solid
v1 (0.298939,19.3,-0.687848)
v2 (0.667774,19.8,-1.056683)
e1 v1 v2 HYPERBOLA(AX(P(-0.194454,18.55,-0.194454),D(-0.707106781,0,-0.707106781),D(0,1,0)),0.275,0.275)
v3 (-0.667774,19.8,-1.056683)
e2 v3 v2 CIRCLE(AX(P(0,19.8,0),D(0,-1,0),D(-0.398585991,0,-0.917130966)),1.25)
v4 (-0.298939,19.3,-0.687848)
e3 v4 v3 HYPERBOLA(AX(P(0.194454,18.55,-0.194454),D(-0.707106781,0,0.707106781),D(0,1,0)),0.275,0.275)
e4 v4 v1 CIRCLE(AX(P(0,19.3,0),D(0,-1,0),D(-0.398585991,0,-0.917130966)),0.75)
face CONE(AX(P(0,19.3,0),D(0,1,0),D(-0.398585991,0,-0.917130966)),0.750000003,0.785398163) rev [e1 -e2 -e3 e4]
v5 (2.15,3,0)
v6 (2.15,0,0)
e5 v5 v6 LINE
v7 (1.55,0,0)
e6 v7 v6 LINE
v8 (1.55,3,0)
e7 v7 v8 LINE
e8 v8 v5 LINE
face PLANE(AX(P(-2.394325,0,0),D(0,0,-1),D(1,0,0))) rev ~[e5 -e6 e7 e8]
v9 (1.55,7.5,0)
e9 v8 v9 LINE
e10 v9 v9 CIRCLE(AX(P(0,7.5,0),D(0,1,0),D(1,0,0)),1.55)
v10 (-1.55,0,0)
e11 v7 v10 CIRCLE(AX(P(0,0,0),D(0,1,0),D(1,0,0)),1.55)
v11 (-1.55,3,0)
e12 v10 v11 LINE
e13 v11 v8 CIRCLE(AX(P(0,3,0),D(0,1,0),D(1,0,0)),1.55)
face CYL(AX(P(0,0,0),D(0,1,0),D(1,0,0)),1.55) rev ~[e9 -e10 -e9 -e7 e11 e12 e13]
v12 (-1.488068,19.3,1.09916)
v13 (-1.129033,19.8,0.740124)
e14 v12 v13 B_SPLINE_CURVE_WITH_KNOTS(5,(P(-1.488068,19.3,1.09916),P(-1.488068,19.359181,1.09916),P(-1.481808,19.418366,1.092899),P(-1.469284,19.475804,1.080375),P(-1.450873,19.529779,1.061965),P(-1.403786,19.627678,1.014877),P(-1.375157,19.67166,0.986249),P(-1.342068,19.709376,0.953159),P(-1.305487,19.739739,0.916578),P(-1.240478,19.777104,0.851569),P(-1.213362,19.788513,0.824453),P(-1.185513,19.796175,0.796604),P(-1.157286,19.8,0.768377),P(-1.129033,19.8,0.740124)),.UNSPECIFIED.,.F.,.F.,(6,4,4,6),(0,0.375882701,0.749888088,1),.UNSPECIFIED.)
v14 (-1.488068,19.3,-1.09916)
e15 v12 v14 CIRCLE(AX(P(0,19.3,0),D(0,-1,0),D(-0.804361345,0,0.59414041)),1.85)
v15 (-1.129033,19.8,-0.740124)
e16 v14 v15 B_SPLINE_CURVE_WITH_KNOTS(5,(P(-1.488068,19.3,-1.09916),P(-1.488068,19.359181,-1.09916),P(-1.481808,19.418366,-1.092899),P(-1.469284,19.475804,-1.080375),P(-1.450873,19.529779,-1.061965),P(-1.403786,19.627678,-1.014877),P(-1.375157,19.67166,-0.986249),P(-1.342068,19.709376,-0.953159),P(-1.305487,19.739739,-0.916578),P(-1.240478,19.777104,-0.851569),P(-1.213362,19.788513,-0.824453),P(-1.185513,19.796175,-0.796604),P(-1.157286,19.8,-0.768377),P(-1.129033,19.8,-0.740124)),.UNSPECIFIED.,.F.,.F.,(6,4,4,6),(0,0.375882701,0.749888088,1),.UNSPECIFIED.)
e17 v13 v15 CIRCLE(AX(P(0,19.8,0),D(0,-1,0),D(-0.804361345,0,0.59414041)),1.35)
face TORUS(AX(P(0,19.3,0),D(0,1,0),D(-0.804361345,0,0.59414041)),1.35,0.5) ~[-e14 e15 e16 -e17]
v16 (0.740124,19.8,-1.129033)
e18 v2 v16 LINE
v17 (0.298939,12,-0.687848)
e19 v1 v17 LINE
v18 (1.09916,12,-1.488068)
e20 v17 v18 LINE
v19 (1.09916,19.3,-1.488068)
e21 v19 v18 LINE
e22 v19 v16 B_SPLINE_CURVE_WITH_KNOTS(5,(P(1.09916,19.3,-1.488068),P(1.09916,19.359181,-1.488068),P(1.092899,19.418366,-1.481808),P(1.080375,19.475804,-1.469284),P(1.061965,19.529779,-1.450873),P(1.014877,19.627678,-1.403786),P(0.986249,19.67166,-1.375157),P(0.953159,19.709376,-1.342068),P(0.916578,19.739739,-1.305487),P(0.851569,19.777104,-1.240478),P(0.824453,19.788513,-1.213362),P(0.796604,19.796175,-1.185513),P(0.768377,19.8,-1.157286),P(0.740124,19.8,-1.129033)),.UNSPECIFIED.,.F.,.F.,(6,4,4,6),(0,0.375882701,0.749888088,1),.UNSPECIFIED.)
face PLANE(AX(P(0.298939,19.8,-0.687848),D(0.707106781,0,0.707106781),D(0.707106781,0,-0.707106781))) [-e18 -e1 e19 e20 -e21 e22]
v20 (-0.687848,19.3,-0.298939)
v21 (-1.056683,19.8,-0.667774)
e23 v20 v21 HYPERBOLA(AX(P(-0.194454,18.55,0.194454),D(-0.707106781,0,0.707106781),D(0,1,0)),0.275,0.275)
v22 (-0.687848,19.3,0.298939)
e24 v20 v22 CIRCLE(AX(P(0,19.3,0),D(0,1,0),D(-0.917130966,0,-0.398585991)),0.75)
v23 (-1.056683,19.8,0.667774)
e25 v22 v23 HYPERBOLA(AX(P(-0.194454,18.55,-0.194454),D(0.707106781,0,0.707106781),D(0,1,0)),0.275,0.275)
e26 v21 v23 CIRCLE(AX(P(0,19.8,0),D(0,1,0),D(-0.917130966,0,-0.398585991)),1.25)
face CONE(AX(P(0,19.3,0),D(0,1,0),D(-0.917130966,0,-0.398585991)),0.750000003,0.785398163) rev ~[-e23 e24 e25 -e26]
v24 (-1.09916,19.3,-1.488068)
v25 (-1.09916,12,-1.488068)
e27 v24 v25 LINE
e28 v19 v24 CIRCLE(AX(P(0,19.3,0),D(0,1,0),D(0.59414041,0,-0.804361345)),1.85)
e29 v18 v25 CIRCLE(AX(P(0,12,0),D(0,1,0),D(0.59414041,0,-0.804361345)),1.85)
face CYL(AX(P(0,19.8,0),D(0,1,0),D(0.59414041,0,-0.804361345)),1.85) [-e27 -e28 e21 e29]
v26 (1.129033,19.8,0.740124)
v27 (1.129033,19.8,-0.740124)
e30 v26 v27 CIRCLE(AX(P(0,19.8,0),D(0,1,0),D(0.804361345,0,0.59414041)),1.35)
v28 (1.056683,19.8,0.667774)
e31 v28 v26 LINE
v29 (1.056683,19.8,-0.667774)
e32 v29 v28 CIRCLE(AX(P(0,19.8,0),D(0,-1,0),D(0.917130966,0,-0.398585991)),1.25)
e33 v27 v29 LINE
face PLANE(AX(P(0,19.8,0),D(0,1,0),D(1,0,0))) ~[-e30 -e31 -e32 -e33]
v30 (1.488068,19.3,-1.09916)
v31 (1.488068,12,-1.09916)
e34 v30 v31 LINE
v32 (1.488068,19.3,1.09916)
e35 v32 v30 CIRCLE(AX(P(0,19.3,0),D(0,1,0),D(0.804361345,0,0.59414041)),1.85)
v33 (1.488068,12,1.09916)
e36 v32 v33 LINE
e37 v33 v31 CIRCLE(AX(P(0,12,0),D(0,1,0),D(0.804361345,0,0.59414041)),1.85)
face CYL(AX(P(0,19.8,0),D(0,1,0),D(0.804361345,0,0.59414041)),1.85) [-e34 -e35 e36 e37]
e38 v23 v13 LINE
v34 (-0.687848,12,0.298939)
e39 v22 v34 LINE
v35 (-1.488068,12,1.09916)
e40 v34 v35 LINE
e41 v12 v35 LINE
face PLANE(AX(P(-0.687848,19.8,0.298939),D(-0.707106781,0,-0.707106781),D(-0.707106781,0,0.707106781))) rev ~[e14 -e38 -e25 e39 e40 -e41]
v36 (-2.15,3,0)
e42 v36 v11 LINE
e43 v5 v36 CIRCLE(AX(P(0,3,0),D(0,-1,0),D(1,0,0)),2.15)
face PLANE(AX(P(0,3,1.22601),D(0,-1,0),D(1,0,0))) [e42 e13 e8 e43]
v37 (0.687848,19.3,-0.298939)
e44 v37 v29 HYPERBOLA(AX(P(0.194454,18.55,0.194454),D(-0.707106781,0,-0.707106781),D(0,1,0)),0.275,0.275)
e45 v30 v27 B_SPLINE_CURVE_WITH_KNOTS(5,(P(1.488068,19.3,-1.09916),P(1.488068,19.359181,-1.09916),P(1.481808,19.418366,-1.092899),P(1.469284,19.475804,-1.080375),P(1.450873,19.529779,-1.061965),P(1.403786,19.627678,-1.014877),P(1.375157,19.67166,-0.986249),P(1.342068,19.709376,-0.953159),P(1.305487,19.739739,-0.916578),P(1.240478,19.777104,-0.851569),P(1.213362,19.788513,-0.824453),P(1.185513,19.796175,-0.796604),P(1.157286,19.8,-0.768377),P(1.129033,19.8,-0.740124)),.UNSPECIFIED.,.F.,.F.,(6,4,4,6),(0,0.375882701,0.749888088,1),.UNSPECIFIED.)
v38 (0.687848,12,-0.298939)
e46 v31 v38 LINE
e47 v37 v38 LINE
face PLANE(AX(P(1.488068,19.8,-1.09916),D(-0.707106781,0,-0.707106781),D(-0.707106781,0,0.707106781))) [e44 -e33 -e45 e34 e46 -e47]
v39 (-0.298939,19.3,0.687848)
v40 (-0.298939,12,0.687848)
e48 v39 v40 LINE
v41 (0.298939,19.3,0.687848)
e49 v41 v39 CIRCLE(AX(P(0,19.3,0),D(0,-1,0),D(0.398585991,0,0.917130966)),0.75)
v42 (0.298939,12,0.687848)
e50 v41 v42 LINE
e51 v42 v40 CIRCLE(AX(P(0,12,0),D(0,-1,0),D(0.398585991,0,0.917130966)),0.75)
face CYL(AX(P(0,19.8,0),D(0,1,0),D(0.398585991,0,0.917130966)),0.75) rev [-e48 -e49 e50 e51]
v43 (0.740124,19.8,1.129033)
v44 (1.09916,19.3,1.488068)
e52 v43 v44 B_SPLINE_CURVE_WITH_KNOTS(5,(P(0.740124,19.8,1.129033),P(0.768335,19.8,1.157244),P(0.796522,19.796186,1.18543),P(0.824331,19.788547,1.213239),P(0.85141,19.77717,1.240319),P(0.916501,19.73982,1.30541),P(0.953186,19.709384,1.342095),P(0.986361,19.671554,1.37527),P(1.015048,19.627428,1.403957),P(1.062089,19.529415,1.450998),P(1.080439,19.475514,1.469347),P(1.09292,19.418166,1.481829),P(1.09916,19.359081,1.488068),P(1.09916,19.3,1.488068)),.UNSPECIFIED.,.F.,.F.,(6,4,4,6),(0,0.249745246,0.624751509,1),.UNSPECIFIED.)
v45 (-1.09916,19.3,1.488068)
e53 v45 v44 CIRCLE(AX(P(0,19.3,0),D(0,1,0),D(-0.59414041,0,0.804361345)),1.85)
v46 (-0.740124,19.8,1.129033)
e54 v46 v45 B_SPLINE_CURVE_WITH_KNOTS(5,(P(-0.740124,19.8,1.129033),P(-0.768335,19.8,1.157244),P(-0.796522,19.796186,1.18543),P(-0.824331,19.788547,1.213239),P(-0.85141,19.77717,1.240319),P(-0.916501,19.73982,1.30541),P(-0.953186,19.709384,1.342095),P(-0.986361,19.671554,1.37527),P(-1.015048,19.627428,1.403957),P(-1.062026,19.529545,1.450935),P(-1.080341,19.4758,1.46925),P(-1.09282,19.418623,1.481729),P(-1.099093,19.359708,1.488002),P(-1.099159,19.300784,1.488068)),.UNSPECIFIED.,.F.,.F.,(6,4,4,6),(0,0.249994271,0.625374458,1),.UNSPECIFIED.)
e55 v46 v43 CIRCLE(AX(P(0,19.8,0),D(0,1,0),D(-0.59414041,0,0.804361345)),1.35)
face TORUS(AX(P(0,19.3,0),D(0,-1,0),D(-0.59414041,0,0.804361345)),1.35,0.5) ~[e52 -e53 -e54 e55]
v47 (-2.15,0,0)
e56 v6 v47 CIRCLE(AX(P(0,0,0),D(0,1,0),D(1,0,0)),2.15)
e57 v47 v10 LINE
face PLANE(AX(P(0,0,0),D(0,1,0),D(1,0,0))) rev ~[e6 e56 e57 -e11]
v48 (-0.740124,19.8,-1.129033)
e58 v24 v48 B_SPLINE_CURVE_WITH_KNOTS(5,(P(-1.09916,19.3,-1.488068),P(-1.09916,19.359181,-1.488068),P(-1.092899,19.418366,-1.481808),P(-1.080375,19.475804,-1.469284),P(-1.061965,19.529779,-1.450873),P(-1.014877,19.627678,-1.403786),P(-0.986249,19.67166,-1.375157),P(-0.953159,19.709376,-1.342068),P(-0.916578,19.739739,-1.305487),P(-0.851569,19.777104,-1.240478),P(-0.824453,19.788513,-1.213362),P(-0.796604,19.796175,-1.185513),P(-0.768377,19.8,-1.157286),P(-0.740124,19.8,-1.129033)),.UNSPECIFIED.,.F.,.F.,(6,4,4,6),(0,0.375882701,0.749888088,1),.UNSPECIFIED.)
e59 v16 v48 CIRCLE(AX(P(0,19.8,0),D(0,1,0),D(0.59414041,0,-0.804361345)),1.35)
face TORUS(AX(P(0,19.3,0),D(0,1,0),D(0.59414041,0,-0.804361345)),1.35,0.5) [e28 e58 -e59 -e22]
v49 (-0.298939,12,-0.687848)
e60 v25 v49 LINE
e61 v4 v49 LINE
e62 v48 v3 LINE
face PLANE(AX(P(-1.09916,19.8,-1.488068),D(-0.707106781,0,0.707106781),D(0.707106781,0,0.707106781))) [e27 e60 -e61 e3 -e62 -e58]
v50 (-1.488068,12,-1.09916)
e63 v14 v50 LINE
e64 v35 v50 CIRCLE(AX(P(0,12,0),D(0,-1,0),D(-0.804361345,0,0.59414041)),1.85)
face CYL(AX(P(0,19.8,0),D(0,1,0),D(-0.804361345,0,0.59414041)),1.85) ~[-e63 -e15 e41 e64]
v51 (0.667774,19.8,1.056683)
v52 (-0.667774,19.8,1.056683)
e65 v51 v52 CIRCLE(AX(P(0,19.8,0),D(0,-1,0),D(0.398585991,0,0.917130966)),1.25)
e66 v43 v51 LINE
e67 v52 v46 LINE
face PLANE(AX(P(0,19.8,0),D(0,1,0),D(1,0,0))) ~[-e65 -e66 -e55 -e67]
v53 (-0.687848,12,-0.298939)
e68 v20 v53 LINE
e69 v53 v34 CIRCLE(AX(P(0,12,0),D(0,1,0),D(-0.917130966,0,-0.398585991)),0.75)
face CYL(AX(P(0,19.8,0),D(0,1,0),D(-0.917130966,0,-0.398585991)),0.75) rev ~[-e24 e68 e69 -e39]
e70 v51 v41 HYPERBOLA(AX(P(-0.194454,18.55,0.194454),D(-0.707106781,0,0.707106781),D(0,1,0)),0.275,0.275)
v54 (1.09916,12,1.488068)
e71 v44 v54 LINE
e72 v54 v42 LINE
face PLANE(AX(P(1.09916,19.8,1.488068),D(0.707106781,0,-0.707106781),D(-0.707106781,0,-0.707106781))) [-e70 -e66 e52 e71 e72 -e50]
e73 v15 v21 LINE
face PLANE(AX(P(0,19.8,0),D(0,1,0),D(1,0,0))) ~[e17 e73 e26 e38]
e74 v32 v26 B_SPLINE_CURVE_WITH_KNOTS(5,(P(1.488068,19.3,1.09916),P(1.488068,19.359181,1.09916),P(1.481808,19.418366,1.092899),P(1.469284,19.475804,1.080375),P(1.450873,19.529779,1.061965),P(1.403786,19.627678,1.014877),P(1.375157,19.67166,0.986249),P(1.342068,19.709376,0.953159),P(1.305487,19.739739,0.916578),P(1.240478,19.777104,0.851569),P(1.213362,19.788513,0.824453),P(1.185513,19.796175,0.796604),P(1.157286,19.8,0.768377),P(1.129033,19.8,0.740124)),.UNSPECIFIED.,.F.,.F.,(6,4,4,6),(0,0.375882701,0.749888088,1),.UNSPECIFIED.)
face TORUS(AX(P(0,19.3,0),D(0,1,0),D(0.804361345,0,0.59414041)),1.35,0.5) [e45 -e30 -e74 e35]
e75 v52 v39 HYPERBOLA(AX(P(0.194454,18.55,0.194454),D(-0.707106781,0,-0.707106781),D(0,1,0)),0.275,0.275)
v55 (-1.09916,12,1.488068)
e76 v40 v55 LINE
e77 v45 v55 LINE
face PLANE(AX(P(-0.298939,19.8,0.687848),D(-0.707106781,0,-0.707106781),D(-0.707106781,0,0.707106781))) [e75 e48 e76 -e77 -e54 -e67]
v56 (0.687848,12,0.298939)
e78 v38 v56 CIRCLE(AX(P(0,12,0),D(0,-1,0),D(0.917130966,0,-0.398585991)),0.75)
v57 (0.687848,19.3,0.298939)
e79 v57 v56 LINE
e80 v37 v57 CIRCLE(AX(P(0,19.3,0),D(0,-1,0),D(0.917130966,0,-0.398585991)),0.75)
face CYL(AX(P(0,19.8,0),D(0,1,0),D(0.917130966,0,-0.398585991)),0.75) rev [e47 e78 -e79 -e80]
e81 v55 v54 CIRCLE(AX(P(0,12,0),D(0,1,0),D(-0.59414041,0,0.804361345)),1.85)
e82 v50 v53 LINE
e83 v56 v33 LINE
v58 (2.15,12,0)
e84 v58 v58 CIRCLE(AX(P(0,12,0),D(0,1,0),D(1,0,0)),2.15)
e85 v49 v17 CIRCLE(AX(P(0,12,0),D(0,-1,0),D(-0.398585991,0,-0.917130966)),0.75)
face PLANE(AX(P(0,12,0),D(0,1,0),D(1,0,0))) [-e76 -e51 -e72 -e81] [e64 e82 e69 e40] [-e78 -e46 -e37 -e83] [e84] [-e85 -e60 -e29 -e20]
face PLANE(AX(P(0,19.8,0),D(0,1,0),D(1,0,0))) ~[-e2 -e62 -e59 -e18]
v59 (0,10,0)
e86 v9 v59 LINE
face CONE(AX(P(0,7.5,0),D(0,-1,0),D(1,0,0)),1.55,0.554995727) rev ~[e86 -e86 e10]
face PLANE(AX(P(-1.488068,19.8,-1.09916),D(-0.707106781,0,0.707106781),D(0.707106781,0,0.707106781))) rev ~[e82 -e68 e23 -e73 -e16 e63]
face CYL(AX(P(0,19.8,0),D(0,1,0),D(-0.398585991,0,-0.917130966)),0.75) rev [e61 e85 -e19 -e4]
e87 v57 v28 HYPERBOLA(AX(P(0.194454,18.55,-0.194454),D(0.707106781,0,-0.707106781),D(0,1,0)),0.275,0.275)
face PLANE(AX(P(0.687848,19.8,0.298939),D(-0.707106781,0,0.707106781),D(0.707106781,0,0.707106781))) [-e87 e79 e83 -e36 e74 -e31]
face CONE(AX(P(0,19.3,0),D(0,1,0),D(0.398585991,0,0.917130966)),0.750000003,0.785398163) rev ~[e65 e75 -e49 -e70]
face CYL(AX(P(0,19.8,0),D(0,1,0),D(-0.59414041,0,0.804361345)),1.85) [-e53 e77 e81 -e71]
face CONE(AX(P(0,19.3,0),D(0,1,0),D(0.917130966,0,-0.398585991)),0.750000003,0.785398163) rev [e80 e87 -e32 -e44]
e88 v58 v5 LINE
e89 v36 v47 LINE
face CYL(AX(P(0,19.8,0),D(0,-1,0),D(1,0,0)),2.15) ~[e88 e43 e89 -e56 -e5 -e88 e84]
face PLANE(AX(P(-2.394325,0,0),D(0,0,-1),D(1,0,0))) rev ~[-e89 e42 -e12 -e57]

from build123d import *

# Parameters (mm, degrees)
CORTE_EXTRUS_O3_START = -7.8
ESBO_O2_R             = 2.15
CORTE_EXTRUS_O3_DEPTH = 7.8
ESBO_O3_W             = 4.788650246
ESBO_O3_H             = 2.452019704
CORTE_EXTRUS_O4_DEPTH = 3
CHANFRO1_SIZE         = 0.5
FILETE1_R             = 0.5


with BuildPart() as part:
    # Esboço1 → Revolução1 (revolve)
    with BuildSketch(Plane.XY):
        Polygon((0, 10), (0, 19.8), (2.15, 19.8), (2.15, 0), (1.55, 0), (1.55, 7.5), align=None)
    revolve(axis=Axis((0, 10, 0), (0, 1, 0)))

    # Esboço2 → Corte-extrusão3 (cut)
    with BuildSketch(Plane(origin=(0, 19.8, 0), x_dir=(1, 0, 0), z_dir=(0, 1, 0)).offset(CORTE_EXTRUS_O3_START)):
        Circle(ESBO_O2_R)
        with BuildLine():
            Line((-1.099159758, 1.488068488), (-0.298939494, 0.687848224))
            ThreePointArc((-0.298939494, 0.687848224), (0, 0.75), (0.298939494, 0.687848224))
            Line((0.298939494, 0.687848224), (1.099159758, 1.488068488))
            ThreePointArc((1.099159758, 1.488068488), (0, 1.85), (-1.099159758, 1.488068488))
        make_face(mode=Mode.SUBTRACT)
        with BuildLine():
            Line((-1.488068488, 1.099159758), (-0.687848224, 0.298939494))
            ThreePointArc((-0.687848224, 0.298939494), (-0.75, 0), (-0.687848224, -0.298939494))
            Line((-0.687848224, -0.298939494), (-1.488068488, -1.099159758))
            ThreePointArc((-1.488068488, -1.099159758), (-1.85, 0), (-1.488068488, 1.099159758))
        make_face(mode=Mode.SUBTRACT)
        with BuildLine():
            Line((1.099159758, -1.488068488), (0.298939494, -0.687848224))
            ThreePointArc((0.298939494, -0.687848224), (0, -0.75), (-0.298939494, -0.687848224))
            Line((-0.298939494, -0.687848224), (-1.099159758, -1.488068488))
            ThreePointArc((-1.099159758, -1.488068488), (0, -1.85), (1.099159758, -1.488068488))
        make_face(mode=Mode.SUBTRACT)
        with BuildLine():
            Line((1.488068488, 1.099159758), (0.687848224, 0.298939494))
            ThreePointArc((0.687848224, 0.298939494), (0.75, 0), (0.687848224, -0.298939494))
            Line((0.687848224, -0.298939494), (1.488068488, -1.099159758))
            ThreePointArc((1.488068488, -1.099159758), (1.85, 0), (1.488068488, 1.099159758))
        make_face(mode=Mode.SUBTRACT)
    extrude(amount=CORTE_EXTRUS_O3_DEPTH, mode=Mode.SUBTRACT)

    # Esboço3 → Corte-extrusão4 (cut)
    with BuildSketch(Plane.XZ):
        with Locations((0, 1.226009852)):
            Rectangle(ESBO_O3_W, ESBO_O3_H)
    extrude(amount=-CORTE_EXTRUS_O4_DEPTH, mode=Mode.SUBTRACT)

    # Chanfro1
    chanfro1_edges = [part.edges().sort_by_distance(p)[0] for p in [
        (0, 19.8, 0.75),
        (0.75, 19.8, 0),
        (0, 19.8, -0.75),
        (-0.75, 19.8, 0),
    ]]
    chamfer(chanfro1_edges, length=CHANFRO1_SIZE)

    # Filete1
    filete1_edges = [part.edges().sort_by_distance(p)[0] for p in [
        (1.85, 19.8, 0),
        (0, 19.8, -1.85),
        (0, 19.8, 1.85),
        (-1.85, 19.8, 0),
    ]]
    fillet(filete1_edges, radius=FILETE1_R)


solid = part.part
